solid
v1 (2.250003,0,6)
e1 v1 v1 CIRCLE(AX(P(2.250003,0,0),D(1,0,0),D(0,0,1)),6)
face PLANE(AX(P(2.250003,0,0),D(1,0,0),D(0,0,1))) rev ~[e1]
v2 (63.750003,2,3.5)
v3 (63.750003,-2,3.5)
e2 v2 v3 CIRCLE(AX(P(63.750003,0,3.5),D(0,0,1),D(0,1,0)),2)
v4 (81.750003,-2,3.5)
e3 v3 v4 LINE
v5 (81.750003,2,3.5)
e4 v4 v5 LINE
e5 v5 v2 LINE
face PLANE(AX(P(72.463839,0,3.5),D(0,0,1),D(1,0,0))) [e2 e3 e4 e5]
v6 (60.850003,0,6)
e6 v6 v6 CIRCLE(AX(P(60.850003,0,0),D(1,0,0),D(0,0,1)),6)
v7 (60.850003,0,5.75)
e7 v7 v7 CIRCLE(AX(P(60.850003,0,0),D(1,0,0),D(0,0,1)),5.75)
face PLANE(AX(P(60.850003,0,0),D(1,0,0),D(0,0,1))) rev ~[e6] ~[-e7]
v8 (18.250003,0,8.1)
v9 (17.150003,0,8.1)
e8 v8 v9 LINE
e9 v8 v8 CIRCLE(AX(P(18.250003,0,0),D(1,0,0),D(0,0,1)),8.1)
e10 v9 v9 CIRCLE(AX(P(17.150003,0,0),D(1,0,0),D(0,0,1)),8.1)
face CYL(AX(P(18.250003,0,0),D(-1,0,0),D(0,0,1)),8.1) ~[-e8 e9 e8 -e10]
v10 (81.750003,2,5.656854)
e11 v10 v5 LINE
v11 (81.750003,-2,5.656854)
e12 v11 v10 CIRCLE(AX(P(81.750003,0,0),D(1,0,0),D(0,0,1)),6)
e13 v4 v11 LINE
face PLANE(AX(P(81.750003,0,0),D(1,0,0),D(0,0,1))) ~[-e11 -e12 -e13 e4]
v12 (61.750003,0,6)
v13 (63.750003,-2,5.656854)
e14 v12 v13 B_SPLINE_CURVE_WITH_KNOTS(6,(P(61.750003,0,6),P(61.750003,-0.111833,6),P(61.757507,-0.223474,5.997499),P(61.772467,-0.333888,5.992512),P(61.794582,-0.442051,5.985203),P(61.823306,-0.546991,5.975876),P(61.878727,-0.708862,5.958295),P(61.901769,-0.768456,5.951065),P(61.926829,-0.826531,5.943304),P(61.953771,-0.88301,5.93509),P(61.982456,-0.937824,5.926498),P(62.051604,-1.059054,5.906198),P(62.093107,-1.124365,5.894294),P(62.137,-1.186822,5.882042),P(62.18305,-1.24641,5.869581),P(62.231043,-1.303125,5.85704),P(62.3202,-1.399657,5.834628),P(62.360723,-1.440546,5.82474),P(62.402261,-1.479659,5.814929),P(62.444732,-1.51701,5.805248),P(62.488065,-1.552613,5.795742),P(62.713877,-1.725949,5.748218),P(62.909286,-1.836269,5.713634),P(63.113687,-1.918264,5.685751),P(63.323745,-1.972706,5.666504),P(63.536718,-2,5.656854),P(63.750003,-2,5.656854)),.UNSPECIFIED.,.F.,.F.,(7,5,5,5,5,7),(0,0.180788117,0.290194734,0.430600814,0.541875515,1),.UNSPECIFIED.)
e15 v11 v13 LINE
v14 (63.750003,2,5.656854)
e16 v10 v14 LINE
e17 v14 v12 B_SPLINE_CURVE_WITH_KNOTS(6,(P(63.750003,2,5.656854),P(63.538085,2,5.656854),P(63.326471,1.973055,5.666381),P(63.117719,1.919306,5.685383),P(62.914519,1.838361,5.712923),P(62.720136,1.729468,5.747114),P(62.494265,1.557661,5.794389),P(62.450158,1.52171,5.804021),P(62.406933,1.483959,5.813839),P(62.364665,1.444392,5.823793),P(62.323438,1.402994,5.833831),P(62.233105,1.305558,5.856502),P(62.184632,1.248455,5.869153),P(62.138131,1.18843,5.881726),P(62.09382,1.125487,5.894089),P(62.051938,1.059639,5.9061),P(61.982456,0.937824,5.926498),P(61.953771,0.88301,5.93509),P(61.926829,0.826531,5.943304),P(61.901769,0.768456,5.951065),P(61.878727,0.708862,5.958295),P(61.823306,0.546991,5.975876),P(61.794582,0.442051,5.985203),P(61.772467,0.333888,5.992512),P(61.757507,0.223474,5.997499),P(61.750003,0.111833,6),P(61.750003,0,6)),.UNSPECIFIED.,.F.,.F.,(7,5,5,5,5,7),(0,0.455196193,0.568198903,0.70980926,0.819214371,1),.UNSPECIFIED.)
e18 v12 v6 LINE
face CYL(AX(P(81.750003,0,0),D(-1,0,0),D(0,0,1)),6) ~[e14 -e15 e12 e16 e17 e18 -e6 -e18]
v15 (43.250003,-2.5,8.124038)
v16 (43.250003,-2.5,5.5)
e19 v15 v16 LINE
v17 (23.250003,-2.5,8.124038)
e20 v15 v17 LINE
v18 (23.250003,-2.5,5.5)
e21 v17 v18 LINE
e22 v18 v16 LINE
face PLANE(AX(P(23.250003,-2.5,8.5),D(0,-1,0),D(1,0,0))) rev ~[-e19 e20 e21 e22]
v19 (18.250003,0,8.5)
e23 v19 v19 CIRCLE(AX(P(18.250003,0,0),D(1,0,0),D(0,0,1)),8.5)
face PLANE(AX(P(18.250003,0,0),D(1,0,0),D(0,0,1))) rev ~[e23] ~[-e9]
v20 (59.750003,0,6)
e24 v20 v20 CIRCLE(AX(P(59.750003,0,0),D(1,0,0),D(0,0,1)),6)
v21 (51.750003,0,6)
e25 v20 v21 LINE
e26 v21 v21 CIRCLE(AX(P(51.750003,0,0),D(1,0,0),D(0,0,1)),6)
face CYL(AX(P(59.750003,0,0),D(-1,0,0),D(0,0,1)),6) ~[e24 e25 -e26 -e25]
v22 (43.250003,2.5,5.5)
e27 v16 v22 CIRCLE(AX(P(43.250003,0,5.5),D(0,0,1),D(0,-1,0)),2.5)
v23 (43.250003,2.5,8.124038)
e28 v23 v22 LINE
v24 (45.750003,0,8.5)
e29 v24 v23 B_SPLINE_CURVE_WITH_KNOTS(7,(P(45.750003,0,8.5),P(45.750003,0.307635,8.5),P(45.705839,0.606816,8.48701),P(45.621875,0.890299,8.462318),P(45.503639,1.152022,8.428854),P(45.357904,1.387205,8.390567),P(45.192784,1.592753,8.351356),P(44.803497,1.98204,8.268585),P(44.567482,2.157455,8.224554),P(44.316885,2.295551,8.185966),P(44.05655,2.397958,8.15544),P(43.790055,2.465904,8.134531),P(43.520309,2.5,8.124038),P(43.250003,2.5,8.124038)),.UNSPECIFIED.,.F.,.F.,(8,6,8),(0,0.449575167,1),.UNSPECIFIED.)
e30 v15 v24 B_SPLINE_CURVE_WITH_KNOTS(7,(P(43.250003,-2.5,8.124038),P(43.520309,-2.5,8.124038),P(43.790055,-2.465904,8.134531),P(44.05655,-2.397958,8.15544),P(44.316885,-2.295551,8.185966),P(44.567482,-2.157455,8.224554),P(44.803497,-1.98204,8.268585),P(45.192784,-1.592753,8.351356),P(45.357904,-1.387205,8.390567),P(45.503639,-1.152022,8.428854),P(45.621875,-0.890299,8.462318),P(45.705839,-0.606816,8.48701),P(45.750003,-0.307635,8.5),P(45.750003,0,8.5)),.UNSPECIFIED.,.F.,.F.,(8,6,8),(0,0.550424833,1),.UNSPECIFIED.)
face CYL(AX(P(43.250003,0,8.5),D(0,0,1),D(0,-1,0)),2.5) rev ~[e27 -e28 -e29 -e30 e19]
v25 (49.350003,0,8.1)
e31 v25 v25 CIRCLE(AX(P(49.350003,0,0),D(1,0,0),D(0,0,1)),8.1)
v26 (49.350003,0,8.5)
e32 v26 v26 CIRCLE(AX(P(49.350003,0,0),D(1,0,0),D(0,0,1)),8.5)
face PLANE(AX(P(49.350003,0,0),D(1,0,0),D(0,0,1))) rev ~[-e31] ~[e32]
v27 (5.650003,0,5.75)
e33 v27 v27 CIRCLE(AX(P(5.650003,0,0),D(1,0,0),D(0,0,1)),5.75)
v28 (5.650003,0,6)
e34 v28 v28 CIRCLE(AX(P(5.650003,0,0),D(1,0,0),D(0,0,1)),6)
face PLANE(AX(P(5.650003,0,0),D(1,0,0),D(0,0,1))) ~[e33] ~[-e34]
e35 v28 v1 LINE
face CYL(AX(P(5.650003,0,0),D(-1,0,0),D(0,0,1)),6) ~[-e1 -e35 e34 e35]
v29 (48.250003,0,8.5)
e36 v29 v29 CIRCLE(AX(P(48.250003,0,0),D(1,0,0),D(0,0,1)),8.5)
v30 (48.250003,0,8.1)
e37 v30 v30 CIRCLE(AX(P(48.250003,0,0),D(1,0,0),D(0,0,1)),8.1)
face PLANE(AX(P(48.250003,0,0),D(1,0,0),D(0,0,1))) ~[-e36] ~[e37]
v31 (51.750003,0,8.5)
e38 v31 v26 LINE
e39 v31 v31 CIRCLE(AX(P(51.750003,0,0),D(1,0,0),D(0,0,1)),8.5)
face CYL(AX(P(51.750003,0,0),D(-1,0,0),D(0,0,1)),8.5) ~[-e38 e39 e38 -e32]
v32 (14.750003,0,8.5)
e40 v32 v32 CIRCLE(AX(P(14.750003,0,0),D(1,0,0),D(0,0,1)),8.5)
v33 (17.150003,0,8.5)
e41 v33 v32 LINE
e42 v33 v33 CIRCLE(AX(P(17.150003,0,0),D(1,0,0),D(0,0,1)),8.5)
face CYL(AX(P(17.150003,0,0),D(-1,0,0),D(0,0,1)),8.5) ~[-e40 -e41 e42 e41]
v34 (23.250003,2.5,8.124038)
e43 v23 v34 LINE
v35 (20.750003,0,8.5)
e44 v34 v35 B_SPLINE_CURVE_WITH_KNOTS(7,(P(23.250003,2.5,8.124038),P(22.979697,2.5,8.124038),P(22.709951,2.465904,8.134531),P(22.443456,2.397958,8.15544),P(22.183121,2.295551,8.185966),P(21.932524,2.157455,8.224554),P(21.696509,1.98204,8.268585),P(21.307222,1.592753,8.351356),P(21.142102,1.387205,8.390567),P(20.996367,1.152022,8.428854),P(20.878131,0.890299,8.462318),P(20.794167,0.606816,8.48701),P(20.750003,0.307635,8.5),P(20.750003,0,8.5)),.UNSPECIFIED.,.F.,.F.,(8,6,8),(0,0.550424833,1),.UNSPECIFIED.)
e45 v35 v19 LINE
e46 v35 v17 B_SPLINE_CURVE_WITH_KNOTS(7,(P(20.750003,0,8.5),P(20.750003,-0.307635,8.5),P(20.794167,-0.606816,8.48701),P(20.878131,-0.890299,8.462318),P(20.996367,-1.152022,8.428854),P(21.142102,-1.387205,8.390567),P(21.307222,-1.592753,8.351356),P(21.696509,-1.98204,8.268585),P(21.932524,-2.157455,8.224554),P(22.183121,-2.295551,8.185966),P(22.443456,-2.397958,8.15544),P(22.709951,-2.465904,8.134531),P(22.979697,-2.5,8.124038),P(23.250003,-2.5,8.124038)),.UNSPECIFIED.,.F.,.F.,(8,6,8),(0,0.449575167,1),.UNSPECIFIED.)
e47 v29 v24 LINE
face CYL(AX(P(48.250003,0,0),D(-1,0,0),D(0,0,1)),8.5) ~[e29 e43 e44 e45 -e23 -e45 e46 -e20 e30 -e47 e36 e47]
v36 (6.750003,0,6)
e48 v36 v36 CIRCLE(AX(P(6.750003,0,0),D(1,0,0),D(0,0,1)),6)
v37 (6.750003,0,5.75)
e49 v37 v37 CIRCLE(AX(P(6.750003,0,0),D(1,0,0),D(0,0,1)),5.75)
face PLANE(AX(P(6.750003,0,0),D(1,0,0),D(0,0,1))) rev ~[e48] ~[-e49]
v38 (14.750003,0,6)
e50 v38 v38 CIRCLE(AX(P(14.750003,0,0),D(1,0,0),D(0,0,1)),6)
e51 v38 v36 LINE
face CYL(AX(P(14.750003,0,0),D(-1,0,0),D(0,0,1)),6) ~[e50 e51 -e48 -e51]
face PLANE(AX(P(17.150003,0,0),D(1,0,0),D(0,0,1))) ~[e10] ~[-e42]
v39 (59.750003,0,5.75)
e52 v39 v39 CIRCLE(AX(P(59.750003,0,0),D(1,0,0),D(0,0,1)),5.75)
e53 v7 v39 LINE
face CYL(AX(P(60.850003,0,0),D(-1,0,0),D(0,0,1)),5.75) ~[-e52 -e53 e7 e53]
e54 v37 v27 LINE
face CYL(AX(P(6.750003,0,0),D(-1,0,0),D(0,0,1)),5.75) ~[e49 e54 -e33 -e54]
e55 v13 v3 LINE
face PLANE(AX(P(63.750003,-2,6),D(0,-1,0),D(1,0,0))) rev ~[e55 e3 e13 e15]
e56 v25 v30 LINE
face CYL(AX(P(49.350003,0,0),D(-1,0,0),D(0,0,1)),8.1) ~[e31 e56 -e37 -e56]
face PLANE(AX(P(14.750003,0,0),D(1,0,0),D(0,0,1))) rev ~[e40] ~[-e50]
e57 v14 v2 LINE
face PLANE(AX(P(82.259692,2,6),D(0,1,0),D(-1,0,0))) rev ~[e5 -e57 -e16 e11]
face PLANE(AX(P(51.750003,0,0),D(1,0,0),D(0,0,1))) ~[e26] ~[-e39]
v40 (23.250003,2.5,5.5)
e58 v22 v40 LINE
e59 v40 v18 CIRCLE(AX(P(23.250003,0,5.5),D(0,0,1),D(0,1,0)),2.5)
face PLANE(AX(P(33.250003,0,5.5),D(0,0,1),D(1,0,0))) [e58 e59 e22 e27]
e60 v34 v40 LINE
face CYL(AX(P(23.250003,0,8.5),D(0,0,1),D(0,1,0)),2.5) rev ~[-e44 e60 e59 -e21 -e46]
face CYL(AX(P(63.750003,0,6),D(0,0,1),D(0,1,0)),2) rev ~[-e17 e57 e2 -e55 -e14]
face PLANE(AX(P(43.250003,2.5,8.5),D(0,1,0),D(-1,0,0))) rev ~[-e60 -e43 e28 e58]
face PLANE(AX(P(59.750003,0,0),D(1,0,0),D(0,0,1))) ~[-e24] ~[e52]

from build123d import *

# Parameters (mm, degrees)
F4_DEPTH = 3
F7_DEPTH = 2.5


with BuildPart() as f1:
    # F0 (on Front) → F1 (revolve)
    with BuildSketch(Plane.XZ):
        Polygon((2.250003, 6), (2.250003, 0), (64.250003, 0), (81.750003, 0), (81.750003, 6), (64.250003, 6), (60.850003, 6), (60.850003, 5.75), (59.750003, 5.75), (59.750003, 6), (51.750003, 6), (51.750003, 8.5), (49.350003, 8.5), (49.350003, 8.1), (48.250003, 8.1), (48.250003, 8.5), (18.250003, 8.5), (18.250003, 8.1), (17.150003, 8.1), (17.150003, 8.5), (14.750003, 8.5), (14.750003, 6), (6.750003, 6), (6.750003, 5.75), (5.650003, 5.75), (5.650003, 6), align=None)
    revolve(axis=Axis((33.250003, 0, 0), (1, 0, 0)))

    # F3 (on offset) → F4 (cut)
    with BuildSketch(Plane.XY.offset(8.5)):
        with BuildLine():
            Line((43.250003, 2.5), (23.250003, 2.5))
            ThreePointArc((23.250003, 2.5), (20.750003, 0), (23.250003, -2.5))
            Line((23.250003, -2.5), (43.250003, -2.5))
            ThreePointArc((43.250003, -2.5), (45.750003, 0), (43.250003, 2.5))
        make_face()
    extrude(amount=-F4_DEPTH, mode=Mode.SUBTRACT)

    # F6 (on offset) → F7 (cut)
    with BuildSketch(Plane.XY.offset(6)):
        with BuildLine():
            Line((82.259692, 2), (63.750003, 2))
            ThreePointArc((63.750003, 2), (61.750003, 0), (63.750003, -2))
            Line((63.750003, -2), (82.259692, -2))
            Line((82.259692, -2), (82.259692, 2))
        make_face()
    extrude(amount=-F7_DEPTH, mode=Mode.SUBTRACT)


solid = f1.part
